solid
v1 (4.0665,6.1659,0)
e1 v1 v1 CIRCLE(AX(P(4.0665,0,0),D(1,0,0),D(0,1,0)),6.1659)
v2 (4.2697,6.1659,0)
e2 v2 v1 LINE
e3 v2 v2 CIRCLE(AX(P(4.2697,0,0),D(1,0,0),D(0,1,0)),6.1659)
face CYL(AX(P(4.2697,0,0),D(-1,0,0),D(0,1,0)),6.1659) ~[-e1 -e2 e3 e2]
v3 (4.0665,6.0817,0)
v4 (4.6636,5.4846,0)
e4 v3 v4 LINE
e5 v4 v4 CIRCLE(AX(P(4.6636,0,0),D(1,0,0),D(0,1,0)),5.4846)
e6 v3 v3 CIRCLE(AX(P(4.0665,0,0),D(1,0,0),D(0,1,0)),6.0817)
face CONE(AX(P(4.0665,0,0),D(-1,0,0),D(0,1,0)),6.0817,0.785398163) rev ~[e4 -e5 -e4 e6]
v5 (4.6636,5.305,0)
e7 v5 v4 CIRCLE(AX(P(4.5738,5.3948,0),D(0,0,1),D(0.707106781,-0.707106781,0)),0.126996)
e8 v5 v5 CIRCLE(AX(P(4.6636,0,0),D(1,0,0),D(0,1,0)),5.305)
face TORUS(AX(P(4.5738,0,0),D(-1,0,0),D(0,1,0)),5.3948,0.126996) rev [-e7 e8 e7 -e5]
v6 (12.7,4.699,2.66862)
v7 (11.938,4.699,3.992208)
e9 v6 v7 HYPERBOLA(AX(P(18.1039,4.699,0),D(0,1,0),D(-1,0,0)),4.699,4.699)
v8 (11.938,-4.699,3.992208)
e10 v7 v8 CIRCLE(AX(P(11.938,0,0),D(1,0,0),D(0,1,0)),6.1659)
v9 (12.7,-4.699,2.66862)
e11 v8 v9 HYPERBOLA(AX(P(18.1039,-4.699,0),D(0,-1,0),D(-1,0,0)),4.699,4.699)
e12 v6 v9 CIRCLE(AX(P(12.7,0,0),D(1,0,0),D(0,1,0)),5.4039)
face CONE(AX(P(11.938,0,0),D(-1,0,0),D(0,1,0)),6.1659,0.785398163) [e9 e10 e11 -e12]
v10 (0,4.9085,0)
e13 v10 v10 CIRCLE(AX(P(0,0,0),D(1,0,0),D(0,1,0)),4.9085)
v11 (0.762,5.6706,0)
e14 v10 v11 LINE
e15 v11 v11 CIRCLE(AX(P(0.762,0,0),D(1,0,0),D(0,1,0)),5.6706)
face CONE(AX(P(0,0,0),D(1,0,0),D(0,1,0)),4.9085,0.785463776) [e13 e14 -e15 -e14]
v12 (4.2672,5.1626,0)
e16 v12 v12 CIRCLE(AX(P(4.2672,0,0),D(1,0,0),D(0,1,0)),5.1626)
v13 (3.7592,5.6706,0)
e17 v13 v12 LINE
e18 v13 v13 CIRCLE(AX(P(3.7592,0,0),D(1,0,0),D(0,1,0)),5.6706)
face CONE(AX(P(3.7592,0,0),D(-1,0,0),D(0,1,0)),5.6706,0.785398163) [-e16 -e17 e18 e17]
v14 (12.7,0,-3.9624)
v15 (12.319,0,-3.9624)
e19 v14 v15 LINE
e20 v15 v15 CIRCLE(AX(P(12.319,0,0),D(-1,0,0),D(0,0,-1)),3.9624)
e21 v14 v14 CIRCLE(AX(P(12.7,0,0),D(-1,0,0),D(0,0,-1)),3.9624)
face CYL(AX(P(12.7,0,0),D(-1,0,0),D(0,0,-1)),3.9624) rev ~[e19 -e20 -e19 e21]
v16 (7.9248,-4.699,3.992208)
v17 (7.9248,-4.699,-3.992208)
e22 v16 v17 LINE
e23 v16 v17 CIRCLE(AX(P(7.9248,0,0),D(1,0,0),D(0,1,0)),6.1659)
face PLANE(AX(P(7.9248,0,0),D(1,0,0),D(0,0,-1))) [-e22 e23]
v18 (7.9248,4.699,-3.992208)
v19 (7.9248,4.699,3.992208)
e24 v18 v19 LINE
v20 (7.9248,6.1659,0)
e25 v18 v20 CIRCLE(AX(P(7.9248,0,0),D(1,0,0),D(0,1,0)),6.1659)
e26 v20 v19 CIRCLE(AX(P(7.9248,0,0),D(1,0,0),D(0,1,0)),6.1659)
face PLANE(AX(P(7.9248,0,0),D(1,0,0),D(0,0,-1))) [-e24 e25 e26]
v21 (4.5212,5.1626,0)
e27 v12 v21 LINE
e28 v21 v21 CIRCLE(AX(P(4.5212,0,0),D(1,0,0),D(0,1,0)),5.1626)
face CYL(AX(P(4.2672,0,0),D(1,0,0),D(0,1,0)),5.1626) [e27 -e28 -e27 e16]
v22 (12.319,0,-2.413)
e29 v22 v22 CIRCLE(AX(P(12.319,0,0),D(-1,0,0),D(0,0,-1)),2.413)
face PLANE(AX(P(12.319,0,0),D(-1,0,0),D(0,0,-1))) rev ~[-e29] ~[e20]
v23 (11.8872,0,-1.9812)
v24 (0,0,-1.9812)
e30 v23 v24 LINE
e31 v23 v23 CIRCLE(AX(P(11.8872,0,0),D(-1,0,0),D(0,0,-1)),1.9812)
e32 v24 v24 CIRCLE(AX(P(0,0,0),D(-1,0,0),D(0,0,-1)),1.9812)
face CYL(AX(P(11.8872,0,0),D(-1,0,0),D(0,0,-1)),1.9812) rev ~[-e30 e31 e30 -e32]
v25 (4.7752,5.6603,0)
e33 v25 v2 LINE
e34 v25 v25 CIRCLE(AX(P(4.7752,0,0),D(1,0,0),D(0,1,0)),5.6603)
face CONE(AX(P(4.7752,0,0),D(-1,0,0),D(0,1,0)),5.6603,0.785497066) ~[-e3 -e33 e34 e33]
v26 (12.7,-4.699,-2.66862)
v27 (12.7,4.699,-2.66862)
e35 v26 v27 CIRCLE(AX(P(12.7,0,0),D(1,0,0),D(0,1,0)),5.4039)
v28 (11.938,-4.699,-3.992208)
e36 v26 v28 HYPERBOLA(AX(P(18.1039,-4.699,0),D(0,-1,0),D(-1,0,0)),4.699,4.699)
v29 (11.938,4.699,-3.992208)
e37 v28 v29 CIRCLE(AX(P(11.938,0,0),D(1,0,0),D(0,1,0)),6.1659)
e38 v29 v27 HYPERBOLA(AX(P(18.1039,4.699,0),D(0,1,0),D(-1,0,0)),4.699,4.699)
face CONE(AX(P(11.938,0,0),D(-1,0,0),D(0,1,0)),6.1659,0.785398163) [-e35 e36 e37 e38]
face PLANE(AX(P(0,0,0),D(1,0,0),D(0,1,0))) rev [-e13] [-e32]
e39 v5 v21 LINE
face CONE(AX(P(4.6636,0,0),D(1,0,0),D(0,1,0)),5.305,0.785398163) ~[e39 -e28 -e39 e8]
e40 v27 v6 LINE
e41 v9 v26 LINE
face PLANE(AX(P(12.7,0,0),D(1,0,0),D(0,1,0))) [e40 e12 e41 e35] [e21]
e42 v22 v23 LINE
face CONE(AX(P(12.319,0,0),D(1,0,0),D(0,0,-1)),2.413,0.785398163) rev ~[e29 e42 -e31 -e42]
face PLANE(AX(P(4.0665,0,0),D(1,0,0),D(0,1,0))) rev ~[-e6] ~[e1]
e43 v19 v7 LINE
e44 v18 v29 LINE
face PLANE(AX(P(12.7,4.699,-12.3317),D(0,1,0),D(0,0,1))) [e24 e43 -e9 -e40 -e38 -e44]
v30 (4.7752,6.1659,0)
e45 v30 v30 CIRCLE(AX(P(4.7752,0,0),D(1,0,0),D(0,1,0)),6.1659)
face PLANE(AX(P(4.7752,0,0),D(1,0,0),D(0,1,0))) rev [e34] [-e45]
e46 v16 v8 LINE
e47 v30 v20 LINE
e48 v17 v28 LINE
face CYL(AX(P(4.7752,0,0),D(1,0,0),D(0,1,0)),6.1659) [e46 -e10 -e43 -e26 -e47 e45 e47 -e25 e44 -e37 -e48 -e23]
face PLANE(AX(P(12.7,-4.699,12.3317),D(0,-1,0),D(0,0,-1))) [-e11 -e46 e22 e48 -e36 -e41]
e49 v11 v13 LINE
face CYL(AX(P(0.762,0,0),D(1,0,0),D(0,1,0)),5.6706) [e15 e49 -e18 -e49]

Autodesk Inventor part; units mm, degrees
sketch "Sketch_1" plane through (0, 0, 0) normal (0, 0, 1) x (1, 0, 0)
  line L0 (12.7, 0) -> (0, 0)
  line L1 (0, 0) -> (0, 4.9085)
  line L2 (0, 4.9085) -> (0.762, 5.6706)
  line L3 (0.762, 5.6706) -> (3.7592, 5.6706)
  line L4 (3.7592, 5.6706) -> (4.2672, 5.1626)
  line L5 (4.2672, 5.1626) -> (4.7752, 5.1626)
  line L6 (4.7752, 5.1626) -> (4.7752, 6.1659)
  line L7 (4.7752, 6.1659) -> (11.938, 6.1659)
  line L8 (11.938, 6.1659) -> (12.7, 5.4039)
  line L9 (12.7, 5.4039) -> (12.7, 0)
  line L10 (12.7, 0) -> (0, 0)
revolve "Revolution1" add sketch "Sketch_1" angle 360 about axis through (12.7, 0, 0) along (1, 0, 0)
sketch "Sketch2" plane through (12.7, 0, 0) normal (1, 0, 0) x (0, 0, -1)
  point P0 (0, 0)
hole "Hole1" at (12.7, 0, 0) direction (-1, 0, 0) diameter 7.9248 depth 0.381
sketch "Sketch3" plane through (12.319, 0, 0) normal (1, 0, 0) x (0, 0, -1)
  point P0 (0, 0)
hole "Hole2" at (12.319, 0, 0) direction (-1, 0, 0) diameter 3.9624 depth 12.319 countersink diameter 4.826 countersink angle 90 thread size "10-32 UNF" class "2B" standard "ANSI Unified Screw Threads"
sketch "Sketch_5" plane through (12.7, 0, 0) normal (1, 0, 0) x (0, 0, -1)
  line L0 (-24.6634, -12.3317) -> (24.6634, -12.3317)
  line L1 (24.6634, -12.3317) -> (24.6634, 12.3317)
  line L2 (24.6634, 12.3317) -> (-24.6634, 12.3317)
  line L3 (-24.6634, 12.3317) -> (-24.6634, -12.3317)
  line L4 (-12.3317, -4.699) -> (12.3317, -4.699)
  line L5 (12.3317, -4.699) -> (12.3317, 4.699)
  line L6 (12.3317, 4.699) -> (-12.3317, 4.699)
  line L7 (-12.3317, 4.699) -> (-12.3317, -4.699)
extrude "Extrusion1" cut sketch "Sketch_5" against normal blind 4.7752
sketch "Sketch_24" plane through (0, 0, 0) normal (0, 0, 1) x (1, 0, 0)
  line L0 (4.7752, 0) -> (4.2672, 0)
  line L1 (4.0665, 6.1659) -> (4.0665, 6.0817)
  line L2 (4.0665, 6.0817) -> (4.6636, 5.4846)
  arc A0 (4.6636, 5.305) -> (4.6636, 5.4846) centre (4.5738, 5.3948) ccw
  line L3 (4.6636, 5.305) -> (4.5212, 5.1626)
  line L4 (4.5212, 5.1626) -> (4.2672, 5.1626)
  line L5 (4.2672, 5.1626) -> (4.2672, 4.9085)
  line L6 (4.2672, 4.9085) -> (4.7752, 4.9085)
  line L7 (4.7752, 4.9085) -> (4.7752, 5.6603)
  line L8 (4.7752, 5.6603) -> (4.2697, 6.1659)
  line L9 (4.2697, 6.1659) -> (4.0665, 6.1659)
revolve "Revolution2" add sketch "Sketch_24" angle 360 about axis through (4.7752, 0, 0) along (1, 0, 0)
ref_plane "cut1_XY" through (12.7, 4.699, 0) normal (1, 0, 0) x (0, 0, -1)
ref_plane "cut1_YZ" through (12.7, 4.699, 0) normal (0, 0, -1) x (0, 1, 0)
ref_plane "cut1_ZX" through (12.7, 4.699, 0) normal (0, 1, 0) x (1, 0, 0)
ref_plane "cut2_XY" through (12.7, -4.699, 0) normal (1, 0, 0) x (0, 0, -1)
ref_plane "cut2_YZ" through (12.7, -4.699, 0) normal (0, 0, -1) x (0, 1, 0)
ref_plane "cut2_ZX" through (12.7, -4.699, 0) normal (0, 1, 0) x (1, 0, 0)
ref_plane "cutf1_XY" through (12.7, 0, 0) normal (0, 0, 1) x (1, 0, 0)
ref_plane "cutf1_YZ" through (12.7, 0, 0) normal (1, 0, 0) x (0, 1, 0)
ref_plane "cutf1_ZX" through (12.7, 0, 0) normal (0, 1, 0) x (0, 0, 1)
ref_plane "cutf2_XY" through (7.9248, 0, 0) normal (0, 0, 1) x (1, 0, 0)
ref_plane "cutf2_YZ" through (7.9248, 0, 0) normal (1, 0, 0) x (0, 1, 0)
ref_plane "cutf2_ZX" through (7.9248, 0, 0) normal (0, 1, 0) x (0, 0, 1)
ref_plane "lovra_XY" through (12.7, 0, 0) normal (1, 0, 0) x (0, 1, 0)
ref_plane "lovra_YZ" through (12.7, 0, 0) normal (0, 1, 0) x (0, 0, 1)
ref_plane "lovra_ZX" through (12.7, 0, 0) normal (0, 0, 1) x (1, 0, 0)
ref_plane "lovra1_XY" through (7.9248, 0, 0) normal (1, 0, 0) x (0, 0, -1)
ref_plane "lovra1_YZ" through (7.9248, 0, 0) normal (0, 0, -1) x (0, 1, 0)
ref_plane "lovra1_ZX" through (7.9248, 0, 0) normal (0, 1, 0) x (1, 0, 0)
ref_plane "lovra2_XY" through (7.9248, 4.699, 0) normal (1, 0, 0) x (0, 0, -1)
ref_plane "lovra2_YZ" through (7.9248, 4.699, 0) normal (0, 0, -1) x (0, 1, 0)
ref_plane "lovra2_ZX" through (7.9248, 4.699, 0) normal (0, 1, 0) x (1, 0, 0)
ref_plane "lovra21_XY" through (0, 0, 5.2705) normal (1, 0, 0) x (0, 0, -1)
ref_plane "lovra21_YZ" through (0, 0, 5.2705) normal (0, 0, -1) x (0, 1, 0)
ref_plane "lovra21_ZX" through (0, 0, 5.2705) normal (0, 1, 0) x (1, 0, 0)
ref_plane "lovra22_XY" through (0, 0, -5.2705) normal (1, 0, 0) x (0, 0, -1)
ref_plane "lovra22_YZ" through (0, 0, -5.2705) normal (0, 0, -1) x (0, 1, 0)
ref_plane "lovra22_ZX" through (0, 0, -5.2705) normal (0, 1, 0) x (1, 0, 0)
ref_plane "lovra3_XY" through (7.9248, -4.699, 0) normal (1, 0, 0) x (0, 0, -1)
ref_plane "lovra3_YZ" through (7.9248, -4.699, 0) normal (0, 0, -1) x (0, 1, 0)
ref_plane "lovra3_ZX" through (7.9248, -4.699, 0) normal (0, 1, 0) x (1, 0, 0)
ref_plane "olen_XY" through (12.7, 0, 0) normal (1, 0, 0) x (0, 0, -1)
ref_plane "olen_YZ" through (12.7, 0, 0) normal (0, 0, -1) x (0, 1, 0)
ref_plane "olen_ZX" through (12.7, 0, 0) normal (0, 1, 0) x (1, 0, 0)
ref_plane "to_mounting_bracket_XY" through (17.4752, 0, 0) normal (1, 0, 0) x (0, 0, -1)
ref_plane "to_mounting_bracket_YZ" through (17.4752, 0, 0) normal (0, 0, -1) x (0, 1, 0)
ref_plane "to_mounting_bracket_ZX" through (17.4752, 0, 0) normal (0, 1, 0) x (1, 0, 0)
ref_plane "to_nut_XY" through (0, 0, 0) normal (1, 0, 0) x (0, 0, -1)
ref_plane "to_nut_YZ" through (0, 0, 0) normal (0, 0, -1) x (0, 1, 0)
ref_plane "to_nut_ZX" through (0, 0, 0) normal (0, 1, 0) x (1, 0, 0)
ref_plane "to_pin_XY" through (23.8252, 0, 0) normal (0, 0, 1) x (1, 0, 0)
ref_plane "to_pin_YZ" through (23.8252, 0, 0) normal (1, 0, 0) x (0, 1, 0)
ref_plane "to_pin_ZX" through (23.8252, 0, 0) normal (0, 1, 0) x (0, 0, 1)
ref_plane "to_screw_XY" through (12.7, 0, 0) normal (0, 1, 0) x (1, 0, 0)
ref_plane "to_screw_YZ" through (12.7, 0, 0) normal (1, 0, 0) x (0, 0, -1)
ref_plane "to_screw_ZX" through (12.7, 0, 0) normal (0, 0, -1) x (0, 1, 0)
ref_plane "to_tube_XY" through (4.2672, 0, 0) normal (1, 0, 0) x (0, 0, -1)
ref_plane "to_tube_YZ" through (4.2672, 0, 0) normal (0, 0, -1) x (0, 1, 0)
ref_plane "to_tube_ZX" through (4.2672, 0, 0) normal (0, 1, 0) x (1, 0, 0)
properties part number "010000_rear_head"
